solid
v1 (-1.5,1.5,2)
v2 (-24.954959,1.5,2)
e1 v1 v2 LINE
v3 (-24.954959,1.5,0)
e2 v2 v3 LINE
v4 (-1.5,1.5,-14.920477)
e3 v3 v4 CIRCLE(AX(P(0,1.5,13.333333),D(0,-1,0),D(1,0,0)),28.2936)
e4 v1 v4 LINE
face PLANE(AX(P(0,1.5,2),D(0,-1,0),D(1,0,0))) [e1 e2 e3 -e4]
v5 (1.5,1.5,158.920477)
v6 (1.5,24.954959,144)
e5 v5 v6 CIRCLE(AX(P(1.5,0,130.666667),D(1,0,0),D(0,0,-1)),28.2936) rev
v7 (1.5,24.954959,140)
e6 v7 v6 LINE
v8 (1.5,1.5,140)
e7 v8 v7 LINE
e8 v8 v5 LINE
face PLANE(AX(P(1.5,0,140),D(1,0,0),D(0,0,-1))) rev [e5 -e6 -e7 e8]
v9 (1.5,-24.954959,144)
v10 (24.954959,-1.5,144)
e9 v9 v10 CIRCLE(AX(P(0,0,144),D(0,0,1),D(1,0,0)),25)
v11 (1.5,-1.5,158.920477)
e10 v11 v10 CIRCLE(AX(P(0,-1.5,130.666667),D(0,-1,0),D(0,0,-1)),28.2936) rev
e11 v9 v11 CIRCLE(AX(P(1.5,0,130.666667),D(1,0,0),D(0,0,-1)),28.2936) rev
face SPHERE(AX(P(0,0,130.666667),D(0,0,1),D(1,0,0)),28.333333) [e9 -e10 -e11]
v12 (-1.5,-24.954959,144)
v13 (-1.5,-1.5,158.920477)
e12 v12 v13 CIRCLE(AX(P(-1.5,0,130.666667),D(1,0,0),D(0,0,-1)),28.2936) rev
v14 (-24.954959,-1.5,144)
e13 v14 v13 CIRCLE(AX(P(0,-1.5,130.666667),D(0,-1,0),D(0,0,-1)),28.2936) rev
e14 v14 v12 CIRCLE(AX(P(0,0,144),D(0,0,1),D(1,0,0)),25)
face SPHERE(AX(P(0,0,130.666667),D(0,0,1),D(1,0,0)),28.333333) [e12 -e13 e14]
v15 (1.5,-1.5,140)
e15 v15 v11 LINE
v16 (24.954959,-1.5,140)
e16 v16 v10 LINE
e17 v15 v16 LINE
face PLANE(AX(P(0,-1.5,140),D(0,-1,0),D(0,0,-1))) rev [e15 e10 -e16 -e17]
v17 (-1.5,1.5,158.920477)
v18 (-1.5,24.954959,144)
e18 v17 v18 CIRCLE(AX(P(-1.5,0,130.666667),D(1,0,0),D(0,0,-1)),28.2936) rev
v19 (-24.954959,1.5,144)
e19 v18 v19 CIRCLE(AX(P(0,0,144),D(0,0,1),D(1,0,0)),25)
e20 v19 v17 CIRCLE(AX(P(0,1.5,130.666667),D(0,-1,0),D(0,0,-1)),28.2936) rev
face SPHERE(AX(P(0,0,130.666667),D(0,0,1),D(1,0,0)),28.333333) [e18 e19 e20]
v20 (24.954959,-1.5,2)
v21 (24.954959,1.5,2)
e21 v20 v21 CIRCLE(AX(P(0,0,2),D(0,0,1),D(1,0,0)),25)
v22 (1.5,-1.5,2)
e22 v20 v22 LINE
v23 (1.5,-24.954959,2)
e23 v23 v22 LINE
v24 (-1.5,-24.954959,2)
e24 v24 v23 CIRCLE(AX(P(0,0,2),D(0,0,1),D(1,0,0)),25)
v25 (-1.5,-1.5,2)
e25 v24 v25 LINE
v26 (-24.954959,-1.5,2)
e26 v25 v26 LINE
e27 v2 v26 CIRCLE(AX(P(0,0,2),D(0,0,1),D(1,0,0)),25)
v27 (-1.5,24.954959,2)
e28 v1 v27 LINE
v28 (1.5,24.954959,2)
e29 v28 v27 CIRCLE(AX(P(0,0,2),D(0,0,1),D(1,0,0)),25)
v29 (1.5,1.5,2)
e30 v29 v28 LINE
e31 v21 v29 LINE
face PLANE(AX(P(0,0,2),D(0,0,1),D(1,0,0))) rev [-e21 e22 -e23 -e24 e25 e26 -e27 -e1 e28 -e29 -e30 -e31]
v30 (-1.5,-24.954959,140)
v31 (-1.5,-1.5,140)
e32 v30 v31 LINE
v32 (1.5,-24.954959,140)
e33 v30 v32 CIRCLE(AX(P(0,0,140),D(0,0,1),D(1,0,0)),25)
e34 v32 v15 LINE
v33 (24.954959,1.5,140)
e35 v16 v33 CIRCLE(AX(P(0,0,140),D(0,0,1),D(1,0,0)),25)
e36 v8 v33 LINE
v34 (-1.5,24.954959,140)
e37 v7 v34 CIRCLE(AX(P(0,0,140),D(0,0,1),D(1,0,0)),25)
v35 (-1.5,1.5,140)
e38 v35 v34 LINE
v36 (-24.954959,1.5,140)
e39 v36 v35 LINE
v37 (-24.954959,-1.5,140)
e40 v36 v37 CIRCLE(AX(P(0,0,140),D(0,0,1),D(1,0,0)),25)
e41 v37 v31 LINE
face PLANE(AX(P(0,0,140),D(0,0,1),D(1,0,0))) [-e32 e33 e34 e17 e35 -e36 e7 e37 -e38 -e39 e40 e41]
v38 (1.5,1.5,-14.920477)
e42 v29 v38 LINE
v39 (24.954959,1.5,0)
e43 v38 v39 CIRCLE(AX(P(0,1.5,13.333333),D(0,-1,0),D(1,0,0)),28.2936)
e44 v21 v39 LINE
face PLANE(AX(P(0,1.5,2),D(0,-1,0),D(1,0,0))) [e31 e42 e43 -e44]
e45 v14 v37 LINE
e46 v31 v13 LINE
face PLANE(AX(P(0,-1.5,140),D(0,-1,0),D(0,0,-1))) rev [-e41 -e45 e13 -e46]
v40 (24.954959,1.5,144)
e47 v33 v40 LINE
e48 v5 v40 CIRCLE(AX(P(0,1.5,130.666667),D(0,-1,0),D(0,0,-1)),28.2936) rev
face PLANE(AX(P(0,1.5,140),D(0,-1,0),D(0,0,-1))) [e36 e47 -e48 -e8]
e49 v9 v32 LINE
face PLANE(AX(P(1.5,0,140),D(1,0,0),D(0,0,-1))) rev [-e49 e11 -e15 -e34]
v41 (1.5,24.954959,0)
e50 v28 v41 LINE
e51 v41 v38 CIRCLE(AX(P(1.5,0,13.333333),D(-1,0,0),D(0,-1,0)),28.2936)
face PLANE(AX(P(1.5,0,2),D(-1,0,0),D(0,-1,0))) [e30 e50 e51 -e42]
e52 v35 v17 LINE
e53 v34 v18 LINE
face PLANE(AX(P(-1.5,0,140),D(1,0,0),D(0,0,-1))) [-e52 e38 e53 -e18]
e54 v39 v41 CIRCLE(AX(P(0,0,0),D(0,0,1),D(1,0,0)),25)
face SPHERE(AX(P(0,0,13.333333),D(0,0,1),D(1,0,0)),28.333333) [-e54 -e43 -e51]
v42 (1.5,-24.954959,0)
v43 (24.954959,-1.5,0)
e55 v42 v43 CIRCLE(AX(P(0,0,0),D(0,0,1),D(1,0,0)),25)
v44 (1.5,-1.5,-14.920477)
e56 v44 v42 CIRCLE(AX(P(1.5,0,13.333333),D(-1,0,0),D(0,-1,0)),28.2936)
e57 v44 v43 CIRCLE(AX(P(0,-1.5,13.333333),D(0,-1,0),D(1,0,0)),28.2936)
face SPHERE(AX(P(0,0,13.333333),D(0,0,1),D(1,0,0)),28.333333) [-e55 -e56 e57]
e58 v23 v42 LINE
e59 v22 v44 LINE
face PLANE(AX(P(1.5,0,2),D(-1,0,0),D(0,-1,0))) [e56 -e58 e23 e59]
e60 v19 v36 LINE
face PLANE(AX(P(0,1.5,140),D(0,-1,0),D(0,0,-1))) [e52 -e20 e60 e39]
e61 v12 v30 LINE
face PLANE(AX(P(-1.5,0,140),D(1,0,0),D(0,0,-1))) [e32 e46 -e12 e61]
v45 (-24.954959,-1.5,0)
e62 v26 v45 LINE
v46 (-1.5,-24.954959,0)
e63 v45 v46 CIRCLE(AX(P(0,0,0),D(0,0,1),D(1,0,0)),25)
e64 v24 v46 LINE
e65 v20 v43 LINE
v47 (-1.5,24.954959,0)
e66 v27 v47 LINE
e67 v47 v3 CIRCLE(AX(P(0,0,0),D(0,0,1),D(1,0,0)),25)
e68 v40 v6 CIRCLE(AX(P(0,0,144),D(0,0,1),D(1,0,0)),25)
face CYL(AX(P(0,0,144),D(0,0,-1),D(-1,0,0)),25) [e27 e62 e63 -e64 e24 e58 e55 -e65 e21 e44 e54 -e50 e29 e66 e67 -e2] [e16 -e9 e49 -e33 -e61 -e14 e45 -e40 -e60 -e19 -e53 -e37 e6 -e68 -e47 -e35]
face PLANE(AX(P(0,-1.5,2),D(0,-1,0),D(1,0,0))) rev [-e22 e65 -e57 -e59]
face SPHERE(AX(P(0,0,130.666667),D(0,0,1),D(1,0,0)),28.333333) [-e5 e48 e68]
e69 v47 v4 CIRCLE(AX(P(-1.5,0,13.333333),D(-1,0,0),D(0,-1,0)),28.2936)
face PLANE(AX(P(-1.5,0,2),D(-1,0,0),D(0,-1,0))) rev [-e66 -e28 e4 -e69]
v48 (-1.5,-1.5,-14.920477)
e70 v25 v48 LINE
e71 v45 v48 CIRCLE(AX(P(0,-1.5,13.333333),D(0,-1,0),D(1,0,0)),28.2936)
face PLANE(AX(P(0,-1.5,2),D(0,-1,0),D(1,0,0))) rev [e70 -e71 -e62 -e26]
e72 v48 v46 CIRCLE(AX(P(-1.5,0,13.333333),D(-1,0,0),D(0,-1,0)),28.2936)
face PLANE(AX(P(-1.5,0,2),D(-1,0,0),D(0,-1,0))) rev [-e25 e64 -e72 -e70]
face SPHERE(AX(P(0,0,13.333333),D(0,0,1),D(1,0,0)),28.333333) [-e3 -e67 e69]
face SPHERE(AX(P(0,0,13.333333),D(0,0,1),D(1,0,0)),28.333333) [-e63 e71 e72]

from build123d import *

# Parameters (mm, degrees)
SKETCH1_R               = 25
BOSS_EXTRUDE1_DEPTH     = 144
DOME1_FACE_RADIUS       = 25
DOME1_HEIGHT            = 15
DOME2_FACE_RADIUS       = 25
DOME2_HEIGHT            = 15
CUT_EXTRUDE3_DEPTH      = 2
CUT_EXTRUDE3_DEPTH_BACK = 20
SKETCH3_W               = 3
SKETCH3_H               = 25.725601723
SKETCH3_W_2             = 25.013024677
SKETCH3_H_2             = 3
CUT_EXTRUDE4_DEPTH      = 30


with BuildPart() as part:
    # Sketch1 → Boss-Extrude1 (new body)
    with BuildSketch(Plane.XY):
        Circle(SKETCH1_R)
    extrude(amount=BOSS_EXTRUDE1_DEPTH)

    # Dome1: a dome of height H over a round flat face of radius A is a cap of a sphere of radius (A * A + H * H) / (2 * H)
    dome1_r = (DOME1_FACE_RADIUS * DOME1_FACE_RADIUS + DOME1_HEIGHT * DOME1_HEIGHT) / (2 * DOME1_HEIGHT)
    dome1_base = Plane((0, 0, 144), z_dir=(0, 0, 1))
    with Locations(dome1_base.offset(DOME1_HEIGHT - dome1_r)):
        dome1_ball = Sphere(dome1_r, mode=Mode.PRIVATE)
    add(split(dome1_ball, bisect_by=dome1_base, keep=Keep.TOP, mode=Mode.PRIVATE))

    # Dome2: a dome of height H over a round flat face of radius A is a cap of a sphere of radius (A * A + H * H) / (2 * H)
    dome2_r = (DOME2_FACE_RADIUS * DOME2_FACE_RADIUS + DOME2_HEIGHT * DOME2_HEIGHT) / (2 * DOME2_HEIGHT)
    dome2_base = Plane((0, 0, 0), z_dir=(0, 0, -1))
    with Locations(dome2_base.offset(DOME2_HEIGHT - dome2_r)):
        dome2_ball = Sphere(dome2_r, mode=Mode.PRIVATE)
    add(split(dome2_ball, bisect_by=dome2_base, keep=Keep.TOP, mode=Mode.PRIVATE))

    # Sketch2 → Cut-Extrude3 (cut, two sides)
    with BuildSketch(Plane.XY) as cut_extrude3_sk:
        with BuildLine():
            Line((-1.5, 24.954959427), (-1.5, 1.5))
            Line((-1.5, 1.5), (-24.954959427, 1.5))
            ThreePointArc((-24.954959427, 1.5), (-25, 0), (-24.954959427, -1.5))
            Line((-24.954959427, -1.5), (-1.5, -1.5))
            Line((-1.5, -1.5), (-1.5, -24.954959427))
            ThreePointArc((-1.5, -24.954959427), (0, -25), (1.5, -24.954959427))
            Line((1.5, -24.954959427), (1.5, -1.5))
            Line((1.5, -1.5), (24.954959427, -1.5))
            ThreePointArc((24.954959427, -1.5), (24.98873732, -0.750338033), (25, 0))
            ThreePointArc((25, 0), (24.98873732, 0.750338033), (24.954959427, 1.5))
            Line((24.954959427, 1.5), (1.5, 1.5))
            Line((1.5, 1.5), (1.5, 24.954959427))
            ThreePointArc((1.5, 24.954959427), (0, 25), (-1.5, 24.954959427))
        make_face()
    extrude(amount=CUT_EXTRUDE3_DEPTH, mode=Mode.SUBTRACT)
    extrude(cut_extrude3_sk.sketch, amount=-CUT_EXTRUDE3_DEPTH_BACK, mode=Mode.SUBTRACT)

    # Sketch3 → Cut-Extrude4 (cut)
    with BuildSketch(Plane.XY.offset(170)):
        with Locations((0, -14.362800862)):
            Rectangle(SKETCH3_W, SKETCH3_H)
        with Locations((0, 14.362800862)):
            Rectangle(SKETCH3_W, SKETCH3_H)
        with Locations((14.006512339, 0)):
            Rectangle(SKETCH3_W_2, SKETCH3_H_2)
        with Locations((-14.006512339, 0)):
            Rectangle(SKETCH3_W_2, SKETCH3_H_2)
        Rectangle(SKETCH3_W, SKETCH3_H_2)
    extrude(amount=-CUT_EXTRUDE4_DEPTH, mode=Mode.SUBTRACT)


solid = part.part
